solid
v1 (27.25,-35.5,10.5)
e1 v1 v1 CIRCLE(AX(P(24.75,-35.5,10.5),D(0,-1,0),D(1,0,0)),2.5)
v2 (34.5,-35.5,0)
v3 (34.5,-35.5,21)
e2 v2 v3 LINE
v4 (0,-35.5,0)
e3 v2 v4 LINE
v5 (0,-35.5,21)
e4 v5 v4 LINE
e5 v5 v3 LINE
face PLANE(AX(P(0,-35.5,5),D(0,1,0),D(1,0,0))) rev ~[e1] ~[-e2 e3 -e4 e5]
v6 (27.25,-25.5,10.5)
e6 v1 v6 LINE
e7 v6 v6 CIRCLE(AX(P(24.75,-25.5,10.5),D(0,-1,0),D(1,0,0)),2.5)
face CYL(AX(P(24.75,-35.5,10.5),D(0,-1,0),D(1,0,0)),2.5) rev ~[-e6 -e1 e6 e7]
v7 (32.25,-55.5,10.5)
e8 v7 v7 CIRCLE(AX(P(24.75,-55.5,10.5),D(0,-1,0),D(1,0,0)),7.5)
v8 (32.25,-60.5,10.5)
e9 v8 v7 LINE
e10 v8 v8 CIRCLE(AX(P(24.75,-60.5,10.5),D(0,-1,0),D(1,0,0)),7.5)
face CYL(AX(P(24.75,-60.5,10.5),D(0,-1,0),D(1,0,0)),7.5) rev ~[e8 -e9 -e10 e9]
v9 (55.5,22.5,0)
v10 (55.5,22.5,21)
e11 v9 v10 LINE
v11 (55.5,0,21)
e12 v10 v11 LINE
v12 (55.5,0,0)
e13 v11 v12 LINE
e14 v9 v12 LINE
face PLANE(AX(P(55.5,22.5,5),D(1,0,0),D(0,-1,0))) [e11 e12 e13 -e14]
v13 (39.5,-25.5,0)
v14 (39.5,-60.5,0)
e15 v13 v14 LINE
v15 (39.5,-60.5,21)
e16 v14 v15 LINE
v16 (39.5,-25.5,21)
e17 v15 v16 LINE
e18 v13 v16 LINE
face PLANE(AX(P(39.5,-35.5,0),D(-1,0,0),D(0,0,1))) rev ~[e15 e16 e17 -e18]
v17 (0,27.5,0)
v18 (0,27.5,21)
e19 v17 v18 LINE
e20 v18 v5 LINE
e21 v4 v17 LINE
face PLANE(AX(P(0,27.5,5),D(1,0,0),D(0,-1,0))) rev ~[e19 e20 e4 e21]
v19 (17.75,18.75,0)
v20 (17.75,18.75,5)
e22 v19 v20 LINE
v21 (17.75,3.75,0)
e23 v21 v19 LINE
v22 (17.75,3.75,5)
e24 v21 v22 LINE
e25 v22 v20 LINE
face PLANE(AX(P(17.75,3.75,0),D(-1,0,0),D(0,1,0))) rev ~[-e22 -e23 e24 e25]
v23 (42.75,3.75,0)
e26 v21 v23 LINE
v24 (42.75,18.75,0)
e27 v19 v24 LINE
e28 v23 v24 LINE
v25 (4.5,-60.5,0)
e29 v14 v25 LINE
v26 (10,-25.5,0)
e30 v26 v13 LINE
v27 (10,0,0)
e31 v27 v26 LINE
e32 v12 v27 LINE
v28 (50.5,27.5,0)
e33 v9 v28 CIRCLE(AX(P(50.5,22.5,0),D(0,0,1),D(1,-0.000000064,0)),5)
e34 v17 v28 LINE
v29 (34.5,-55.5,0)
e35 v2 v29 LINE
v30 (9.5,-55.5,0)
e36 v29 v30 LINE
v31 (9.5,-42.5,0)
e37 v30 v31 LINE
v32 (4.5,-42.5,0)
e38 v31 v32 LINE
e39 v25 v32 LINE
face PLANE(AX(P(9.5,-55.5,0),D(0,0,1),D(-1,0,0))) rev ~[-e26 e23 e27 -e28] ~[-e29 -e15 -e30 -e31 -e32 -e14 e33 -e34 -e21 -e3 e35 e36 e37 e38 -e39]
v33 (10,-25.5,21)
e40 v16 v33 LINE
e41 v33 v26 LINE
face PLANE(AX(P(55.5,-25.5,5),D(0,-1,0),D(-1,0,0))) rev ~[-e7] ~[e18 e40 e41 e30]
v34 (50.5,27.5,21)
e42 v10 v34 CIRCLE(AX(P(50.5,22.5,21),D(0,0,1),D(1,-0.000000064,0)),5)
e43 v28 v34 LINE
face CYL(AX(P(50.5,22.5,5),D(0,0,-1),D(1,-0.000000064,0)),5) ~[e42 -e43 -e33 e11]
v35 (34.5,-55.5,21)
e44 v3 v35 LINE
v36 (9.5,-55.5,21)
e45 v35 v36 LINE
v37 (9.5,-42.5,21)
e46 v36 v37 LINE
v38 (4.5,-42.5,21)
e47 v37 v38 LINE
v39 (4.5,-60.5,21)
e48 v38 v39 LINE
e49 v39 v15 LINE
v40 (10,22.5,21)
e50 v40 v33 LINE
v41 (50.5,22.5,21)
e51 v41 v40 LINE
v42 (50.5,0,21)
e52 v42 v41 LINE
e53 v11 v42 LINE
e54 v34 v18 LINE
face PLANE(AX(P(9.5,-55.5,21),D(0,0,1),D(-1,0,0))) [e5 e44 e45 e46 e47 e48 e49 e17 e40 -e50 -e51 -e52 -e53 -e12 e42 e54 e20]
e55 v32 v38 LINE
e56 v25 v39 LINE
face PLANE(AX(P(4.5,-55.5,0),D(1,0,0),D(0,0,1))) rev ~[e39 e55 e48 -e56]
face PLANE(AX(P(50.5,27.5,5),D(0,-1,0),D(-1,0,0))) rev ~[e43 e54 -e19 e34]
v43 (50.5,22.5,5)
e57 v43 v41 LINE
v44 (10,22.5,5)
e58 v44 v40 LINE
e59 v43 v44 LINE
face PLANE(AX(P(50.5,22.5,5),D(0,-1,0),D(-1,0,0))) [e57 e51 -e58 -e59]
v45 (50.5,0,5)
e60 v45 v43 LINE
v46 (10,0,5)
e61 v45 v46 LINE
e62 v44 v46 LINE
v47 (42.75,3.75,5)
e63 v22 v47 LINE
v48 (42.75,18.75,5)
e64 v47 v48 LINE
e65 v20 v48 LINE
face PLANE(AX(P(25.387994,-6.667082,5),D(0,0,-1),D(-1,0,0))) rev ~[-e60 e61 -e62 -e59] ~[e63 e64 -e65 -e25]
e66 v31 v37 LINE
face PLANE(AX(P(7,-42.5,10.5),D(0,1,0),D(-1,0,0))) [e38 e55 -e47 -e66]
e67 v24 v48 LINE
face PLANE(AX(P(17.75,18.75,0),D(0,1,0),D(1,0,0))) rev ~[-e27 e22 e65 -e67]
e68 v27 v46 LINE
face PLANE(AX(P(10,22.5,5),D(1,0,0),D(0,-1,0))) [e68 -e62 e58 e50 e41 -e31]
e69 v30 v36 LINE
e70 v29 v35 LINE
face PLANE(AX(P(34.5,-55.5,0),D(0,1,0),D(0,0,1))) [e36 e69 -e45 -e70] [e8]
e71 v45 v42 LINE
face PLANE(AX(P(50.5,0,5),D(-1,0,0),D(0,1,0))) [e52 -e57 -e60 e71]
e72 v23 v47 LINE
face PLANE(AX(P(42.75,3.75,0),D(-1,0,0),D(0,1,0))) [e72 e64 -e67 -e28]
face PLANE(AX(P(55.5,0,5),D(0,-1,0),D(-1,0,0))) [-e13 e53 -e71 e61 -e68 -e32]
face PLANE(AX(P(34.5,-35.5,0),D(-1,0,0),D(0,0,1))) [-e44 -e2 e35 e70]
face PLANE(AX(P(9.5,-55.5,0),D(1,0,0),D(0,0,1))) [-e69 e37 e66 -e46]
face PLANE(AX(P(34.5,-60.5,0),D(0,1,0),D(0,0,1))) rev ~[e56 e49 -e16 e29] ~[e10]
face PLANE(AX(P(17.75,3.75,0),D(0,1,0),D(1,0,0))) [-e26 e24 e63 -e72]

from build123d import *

# Parameters (mm, degrees)
SKETCH_W        = 25
SKETCH_H        = 15
PAD_DEPTH       = 5
PAD001_DEPTH    = 16
SKETCH002_R     = 2.5
SKETCH002_W     = 16
SKETCH002_H     = 21
POCKET_DEPTH    = 15
SKETCH003_W     = 5
SKETCH003_H     = 21
PAD002_DEPTH    = 25
SKETCH004_W     = 5
SKETCH004_H     = 21
PAD003_DEPTH    = 30
SKETCH005_W     = 5
SKETCH005_H     = 21
PAD004_DEPTH    = 13
SKETCH006_R     = 7.5
POCKET001_DEPTH = 10


with BuildPart() as part:
    # Sketch → Pad (new body)
    with BuildSketch(Plane.XY):
        with BuildLine():
            Line((0, -35.5), (0, 27.5))
            Line((0, 27.5), (50.5, 27.5))
            ThreePointArc((55.5, 22.5), (54.035534, 26.035534), (50.5, 27.5))
            Line((55.5, 22.5), (55.5, 0))
            Line((55.5, 0), (10, 0))
            Line((10, 0), (10, -25.5))
            Line((10, -25.5), (55.5, -25.5))
            Line((55.5, -25.5), (55.5, -35.5))
            Line((55.5, -35.5), (0, -35.5))
        make_face()
        with Locations((30.25, 11.25)):
            Rectangle(SKETCH_W, SKETCH_H, mode=Mode.SUBTRACT)
    extrude(amount=PAD_DEPTH)

    # Sketch001 (on Face15 of Pad) → Pad001 (join)
    with BuildSketch(Plane.XY.offset(5)):
        with BuildLine():
            Line((55.5, 22.5), (55.5, 0))
            Line((55.5, 0), (50.5, 0))
            Line((50.5, 0), (50.5, 22.5))
            Line((50.5, 22.5), (10, 22.5))
            Line((10, 22.5), (10, -25.5))
            Line((55.5, -25.5), (10, -25.5))
            Line((55.5, -35.5), (55.5, -25.5))
            Line((0, -35.5), (55.5, -35.5))
            Line((0, 27.5), (0, -35.5))
            Line((50.5, 27.5), (0, 27.5))
            ThreePointArc((55.5, 22.5), (54.035534, 26.035534), (50.5, 27.5))
        make_face()
    extrude(amount=PAD001_DEPTH)

    # Sketch002 (on Face26 of Pad001) → Pocket (cut)
    with BuildSketch(Plane.XZ.offset(35.5)):
        with Locations((24.75, 10.5)):
            Circle(SKETCH002_R)
        with Locations((47.5, 10.5)):
            Rectangle(SKETCH002_W, SKETCH002_H)
    extrude(amount=-POCKET_DEPTH, mode=Mode.SUBTRACT)

    # Sketch003 (on Face25 of Pocket) → Pad002 (join)
    with BuildSketch(Plane.XZ.offset(35.5)):
        with Locations((37, 10.5)):
            Rectangle(SKETCH003_W, SKETCH003_H)
    extrude(amount=PAD002_DEPTH)

    # Sketch004 (on Face27 of Pad002) → Pad003 (join)
    with BuildSketch(Plane(origin=(34.5, 0, 0), x_dir=(0, -1, 0), z_dir=(-1, 0, 0))):
        with Locations((58, 10.5)):
            Rectangle(SKETCH004_W, SKETCH004_H)
    extrude(amount=PAD003_DEPTH)

    # Sketch005 (on Face34 of Pad003) → Pad004 (join)
    with BuildSketch(Plane(origin=(0, -55.5, 0), x_dir=(-1, 0, 0), z_dir=(0, 1, 0))):
        with Locations((-7, 10.5)):
            Rectangle(SKETCH005_W, SKETCH005_H)
    extrude(amount=PAD004_DEPTH)

    # Sketch006 (on Face36 of Pad004) → Pocket001 (cut)
    with BuildSketch(Plane.XZ.offset(60.5)):
        with Locations((24.75, 10.5)):
            Circle(SKETCH006_R)
    extrude(amount=-POCKET001_DEPTH, mode=Mode.SUBTRACT)


solid = part.part
